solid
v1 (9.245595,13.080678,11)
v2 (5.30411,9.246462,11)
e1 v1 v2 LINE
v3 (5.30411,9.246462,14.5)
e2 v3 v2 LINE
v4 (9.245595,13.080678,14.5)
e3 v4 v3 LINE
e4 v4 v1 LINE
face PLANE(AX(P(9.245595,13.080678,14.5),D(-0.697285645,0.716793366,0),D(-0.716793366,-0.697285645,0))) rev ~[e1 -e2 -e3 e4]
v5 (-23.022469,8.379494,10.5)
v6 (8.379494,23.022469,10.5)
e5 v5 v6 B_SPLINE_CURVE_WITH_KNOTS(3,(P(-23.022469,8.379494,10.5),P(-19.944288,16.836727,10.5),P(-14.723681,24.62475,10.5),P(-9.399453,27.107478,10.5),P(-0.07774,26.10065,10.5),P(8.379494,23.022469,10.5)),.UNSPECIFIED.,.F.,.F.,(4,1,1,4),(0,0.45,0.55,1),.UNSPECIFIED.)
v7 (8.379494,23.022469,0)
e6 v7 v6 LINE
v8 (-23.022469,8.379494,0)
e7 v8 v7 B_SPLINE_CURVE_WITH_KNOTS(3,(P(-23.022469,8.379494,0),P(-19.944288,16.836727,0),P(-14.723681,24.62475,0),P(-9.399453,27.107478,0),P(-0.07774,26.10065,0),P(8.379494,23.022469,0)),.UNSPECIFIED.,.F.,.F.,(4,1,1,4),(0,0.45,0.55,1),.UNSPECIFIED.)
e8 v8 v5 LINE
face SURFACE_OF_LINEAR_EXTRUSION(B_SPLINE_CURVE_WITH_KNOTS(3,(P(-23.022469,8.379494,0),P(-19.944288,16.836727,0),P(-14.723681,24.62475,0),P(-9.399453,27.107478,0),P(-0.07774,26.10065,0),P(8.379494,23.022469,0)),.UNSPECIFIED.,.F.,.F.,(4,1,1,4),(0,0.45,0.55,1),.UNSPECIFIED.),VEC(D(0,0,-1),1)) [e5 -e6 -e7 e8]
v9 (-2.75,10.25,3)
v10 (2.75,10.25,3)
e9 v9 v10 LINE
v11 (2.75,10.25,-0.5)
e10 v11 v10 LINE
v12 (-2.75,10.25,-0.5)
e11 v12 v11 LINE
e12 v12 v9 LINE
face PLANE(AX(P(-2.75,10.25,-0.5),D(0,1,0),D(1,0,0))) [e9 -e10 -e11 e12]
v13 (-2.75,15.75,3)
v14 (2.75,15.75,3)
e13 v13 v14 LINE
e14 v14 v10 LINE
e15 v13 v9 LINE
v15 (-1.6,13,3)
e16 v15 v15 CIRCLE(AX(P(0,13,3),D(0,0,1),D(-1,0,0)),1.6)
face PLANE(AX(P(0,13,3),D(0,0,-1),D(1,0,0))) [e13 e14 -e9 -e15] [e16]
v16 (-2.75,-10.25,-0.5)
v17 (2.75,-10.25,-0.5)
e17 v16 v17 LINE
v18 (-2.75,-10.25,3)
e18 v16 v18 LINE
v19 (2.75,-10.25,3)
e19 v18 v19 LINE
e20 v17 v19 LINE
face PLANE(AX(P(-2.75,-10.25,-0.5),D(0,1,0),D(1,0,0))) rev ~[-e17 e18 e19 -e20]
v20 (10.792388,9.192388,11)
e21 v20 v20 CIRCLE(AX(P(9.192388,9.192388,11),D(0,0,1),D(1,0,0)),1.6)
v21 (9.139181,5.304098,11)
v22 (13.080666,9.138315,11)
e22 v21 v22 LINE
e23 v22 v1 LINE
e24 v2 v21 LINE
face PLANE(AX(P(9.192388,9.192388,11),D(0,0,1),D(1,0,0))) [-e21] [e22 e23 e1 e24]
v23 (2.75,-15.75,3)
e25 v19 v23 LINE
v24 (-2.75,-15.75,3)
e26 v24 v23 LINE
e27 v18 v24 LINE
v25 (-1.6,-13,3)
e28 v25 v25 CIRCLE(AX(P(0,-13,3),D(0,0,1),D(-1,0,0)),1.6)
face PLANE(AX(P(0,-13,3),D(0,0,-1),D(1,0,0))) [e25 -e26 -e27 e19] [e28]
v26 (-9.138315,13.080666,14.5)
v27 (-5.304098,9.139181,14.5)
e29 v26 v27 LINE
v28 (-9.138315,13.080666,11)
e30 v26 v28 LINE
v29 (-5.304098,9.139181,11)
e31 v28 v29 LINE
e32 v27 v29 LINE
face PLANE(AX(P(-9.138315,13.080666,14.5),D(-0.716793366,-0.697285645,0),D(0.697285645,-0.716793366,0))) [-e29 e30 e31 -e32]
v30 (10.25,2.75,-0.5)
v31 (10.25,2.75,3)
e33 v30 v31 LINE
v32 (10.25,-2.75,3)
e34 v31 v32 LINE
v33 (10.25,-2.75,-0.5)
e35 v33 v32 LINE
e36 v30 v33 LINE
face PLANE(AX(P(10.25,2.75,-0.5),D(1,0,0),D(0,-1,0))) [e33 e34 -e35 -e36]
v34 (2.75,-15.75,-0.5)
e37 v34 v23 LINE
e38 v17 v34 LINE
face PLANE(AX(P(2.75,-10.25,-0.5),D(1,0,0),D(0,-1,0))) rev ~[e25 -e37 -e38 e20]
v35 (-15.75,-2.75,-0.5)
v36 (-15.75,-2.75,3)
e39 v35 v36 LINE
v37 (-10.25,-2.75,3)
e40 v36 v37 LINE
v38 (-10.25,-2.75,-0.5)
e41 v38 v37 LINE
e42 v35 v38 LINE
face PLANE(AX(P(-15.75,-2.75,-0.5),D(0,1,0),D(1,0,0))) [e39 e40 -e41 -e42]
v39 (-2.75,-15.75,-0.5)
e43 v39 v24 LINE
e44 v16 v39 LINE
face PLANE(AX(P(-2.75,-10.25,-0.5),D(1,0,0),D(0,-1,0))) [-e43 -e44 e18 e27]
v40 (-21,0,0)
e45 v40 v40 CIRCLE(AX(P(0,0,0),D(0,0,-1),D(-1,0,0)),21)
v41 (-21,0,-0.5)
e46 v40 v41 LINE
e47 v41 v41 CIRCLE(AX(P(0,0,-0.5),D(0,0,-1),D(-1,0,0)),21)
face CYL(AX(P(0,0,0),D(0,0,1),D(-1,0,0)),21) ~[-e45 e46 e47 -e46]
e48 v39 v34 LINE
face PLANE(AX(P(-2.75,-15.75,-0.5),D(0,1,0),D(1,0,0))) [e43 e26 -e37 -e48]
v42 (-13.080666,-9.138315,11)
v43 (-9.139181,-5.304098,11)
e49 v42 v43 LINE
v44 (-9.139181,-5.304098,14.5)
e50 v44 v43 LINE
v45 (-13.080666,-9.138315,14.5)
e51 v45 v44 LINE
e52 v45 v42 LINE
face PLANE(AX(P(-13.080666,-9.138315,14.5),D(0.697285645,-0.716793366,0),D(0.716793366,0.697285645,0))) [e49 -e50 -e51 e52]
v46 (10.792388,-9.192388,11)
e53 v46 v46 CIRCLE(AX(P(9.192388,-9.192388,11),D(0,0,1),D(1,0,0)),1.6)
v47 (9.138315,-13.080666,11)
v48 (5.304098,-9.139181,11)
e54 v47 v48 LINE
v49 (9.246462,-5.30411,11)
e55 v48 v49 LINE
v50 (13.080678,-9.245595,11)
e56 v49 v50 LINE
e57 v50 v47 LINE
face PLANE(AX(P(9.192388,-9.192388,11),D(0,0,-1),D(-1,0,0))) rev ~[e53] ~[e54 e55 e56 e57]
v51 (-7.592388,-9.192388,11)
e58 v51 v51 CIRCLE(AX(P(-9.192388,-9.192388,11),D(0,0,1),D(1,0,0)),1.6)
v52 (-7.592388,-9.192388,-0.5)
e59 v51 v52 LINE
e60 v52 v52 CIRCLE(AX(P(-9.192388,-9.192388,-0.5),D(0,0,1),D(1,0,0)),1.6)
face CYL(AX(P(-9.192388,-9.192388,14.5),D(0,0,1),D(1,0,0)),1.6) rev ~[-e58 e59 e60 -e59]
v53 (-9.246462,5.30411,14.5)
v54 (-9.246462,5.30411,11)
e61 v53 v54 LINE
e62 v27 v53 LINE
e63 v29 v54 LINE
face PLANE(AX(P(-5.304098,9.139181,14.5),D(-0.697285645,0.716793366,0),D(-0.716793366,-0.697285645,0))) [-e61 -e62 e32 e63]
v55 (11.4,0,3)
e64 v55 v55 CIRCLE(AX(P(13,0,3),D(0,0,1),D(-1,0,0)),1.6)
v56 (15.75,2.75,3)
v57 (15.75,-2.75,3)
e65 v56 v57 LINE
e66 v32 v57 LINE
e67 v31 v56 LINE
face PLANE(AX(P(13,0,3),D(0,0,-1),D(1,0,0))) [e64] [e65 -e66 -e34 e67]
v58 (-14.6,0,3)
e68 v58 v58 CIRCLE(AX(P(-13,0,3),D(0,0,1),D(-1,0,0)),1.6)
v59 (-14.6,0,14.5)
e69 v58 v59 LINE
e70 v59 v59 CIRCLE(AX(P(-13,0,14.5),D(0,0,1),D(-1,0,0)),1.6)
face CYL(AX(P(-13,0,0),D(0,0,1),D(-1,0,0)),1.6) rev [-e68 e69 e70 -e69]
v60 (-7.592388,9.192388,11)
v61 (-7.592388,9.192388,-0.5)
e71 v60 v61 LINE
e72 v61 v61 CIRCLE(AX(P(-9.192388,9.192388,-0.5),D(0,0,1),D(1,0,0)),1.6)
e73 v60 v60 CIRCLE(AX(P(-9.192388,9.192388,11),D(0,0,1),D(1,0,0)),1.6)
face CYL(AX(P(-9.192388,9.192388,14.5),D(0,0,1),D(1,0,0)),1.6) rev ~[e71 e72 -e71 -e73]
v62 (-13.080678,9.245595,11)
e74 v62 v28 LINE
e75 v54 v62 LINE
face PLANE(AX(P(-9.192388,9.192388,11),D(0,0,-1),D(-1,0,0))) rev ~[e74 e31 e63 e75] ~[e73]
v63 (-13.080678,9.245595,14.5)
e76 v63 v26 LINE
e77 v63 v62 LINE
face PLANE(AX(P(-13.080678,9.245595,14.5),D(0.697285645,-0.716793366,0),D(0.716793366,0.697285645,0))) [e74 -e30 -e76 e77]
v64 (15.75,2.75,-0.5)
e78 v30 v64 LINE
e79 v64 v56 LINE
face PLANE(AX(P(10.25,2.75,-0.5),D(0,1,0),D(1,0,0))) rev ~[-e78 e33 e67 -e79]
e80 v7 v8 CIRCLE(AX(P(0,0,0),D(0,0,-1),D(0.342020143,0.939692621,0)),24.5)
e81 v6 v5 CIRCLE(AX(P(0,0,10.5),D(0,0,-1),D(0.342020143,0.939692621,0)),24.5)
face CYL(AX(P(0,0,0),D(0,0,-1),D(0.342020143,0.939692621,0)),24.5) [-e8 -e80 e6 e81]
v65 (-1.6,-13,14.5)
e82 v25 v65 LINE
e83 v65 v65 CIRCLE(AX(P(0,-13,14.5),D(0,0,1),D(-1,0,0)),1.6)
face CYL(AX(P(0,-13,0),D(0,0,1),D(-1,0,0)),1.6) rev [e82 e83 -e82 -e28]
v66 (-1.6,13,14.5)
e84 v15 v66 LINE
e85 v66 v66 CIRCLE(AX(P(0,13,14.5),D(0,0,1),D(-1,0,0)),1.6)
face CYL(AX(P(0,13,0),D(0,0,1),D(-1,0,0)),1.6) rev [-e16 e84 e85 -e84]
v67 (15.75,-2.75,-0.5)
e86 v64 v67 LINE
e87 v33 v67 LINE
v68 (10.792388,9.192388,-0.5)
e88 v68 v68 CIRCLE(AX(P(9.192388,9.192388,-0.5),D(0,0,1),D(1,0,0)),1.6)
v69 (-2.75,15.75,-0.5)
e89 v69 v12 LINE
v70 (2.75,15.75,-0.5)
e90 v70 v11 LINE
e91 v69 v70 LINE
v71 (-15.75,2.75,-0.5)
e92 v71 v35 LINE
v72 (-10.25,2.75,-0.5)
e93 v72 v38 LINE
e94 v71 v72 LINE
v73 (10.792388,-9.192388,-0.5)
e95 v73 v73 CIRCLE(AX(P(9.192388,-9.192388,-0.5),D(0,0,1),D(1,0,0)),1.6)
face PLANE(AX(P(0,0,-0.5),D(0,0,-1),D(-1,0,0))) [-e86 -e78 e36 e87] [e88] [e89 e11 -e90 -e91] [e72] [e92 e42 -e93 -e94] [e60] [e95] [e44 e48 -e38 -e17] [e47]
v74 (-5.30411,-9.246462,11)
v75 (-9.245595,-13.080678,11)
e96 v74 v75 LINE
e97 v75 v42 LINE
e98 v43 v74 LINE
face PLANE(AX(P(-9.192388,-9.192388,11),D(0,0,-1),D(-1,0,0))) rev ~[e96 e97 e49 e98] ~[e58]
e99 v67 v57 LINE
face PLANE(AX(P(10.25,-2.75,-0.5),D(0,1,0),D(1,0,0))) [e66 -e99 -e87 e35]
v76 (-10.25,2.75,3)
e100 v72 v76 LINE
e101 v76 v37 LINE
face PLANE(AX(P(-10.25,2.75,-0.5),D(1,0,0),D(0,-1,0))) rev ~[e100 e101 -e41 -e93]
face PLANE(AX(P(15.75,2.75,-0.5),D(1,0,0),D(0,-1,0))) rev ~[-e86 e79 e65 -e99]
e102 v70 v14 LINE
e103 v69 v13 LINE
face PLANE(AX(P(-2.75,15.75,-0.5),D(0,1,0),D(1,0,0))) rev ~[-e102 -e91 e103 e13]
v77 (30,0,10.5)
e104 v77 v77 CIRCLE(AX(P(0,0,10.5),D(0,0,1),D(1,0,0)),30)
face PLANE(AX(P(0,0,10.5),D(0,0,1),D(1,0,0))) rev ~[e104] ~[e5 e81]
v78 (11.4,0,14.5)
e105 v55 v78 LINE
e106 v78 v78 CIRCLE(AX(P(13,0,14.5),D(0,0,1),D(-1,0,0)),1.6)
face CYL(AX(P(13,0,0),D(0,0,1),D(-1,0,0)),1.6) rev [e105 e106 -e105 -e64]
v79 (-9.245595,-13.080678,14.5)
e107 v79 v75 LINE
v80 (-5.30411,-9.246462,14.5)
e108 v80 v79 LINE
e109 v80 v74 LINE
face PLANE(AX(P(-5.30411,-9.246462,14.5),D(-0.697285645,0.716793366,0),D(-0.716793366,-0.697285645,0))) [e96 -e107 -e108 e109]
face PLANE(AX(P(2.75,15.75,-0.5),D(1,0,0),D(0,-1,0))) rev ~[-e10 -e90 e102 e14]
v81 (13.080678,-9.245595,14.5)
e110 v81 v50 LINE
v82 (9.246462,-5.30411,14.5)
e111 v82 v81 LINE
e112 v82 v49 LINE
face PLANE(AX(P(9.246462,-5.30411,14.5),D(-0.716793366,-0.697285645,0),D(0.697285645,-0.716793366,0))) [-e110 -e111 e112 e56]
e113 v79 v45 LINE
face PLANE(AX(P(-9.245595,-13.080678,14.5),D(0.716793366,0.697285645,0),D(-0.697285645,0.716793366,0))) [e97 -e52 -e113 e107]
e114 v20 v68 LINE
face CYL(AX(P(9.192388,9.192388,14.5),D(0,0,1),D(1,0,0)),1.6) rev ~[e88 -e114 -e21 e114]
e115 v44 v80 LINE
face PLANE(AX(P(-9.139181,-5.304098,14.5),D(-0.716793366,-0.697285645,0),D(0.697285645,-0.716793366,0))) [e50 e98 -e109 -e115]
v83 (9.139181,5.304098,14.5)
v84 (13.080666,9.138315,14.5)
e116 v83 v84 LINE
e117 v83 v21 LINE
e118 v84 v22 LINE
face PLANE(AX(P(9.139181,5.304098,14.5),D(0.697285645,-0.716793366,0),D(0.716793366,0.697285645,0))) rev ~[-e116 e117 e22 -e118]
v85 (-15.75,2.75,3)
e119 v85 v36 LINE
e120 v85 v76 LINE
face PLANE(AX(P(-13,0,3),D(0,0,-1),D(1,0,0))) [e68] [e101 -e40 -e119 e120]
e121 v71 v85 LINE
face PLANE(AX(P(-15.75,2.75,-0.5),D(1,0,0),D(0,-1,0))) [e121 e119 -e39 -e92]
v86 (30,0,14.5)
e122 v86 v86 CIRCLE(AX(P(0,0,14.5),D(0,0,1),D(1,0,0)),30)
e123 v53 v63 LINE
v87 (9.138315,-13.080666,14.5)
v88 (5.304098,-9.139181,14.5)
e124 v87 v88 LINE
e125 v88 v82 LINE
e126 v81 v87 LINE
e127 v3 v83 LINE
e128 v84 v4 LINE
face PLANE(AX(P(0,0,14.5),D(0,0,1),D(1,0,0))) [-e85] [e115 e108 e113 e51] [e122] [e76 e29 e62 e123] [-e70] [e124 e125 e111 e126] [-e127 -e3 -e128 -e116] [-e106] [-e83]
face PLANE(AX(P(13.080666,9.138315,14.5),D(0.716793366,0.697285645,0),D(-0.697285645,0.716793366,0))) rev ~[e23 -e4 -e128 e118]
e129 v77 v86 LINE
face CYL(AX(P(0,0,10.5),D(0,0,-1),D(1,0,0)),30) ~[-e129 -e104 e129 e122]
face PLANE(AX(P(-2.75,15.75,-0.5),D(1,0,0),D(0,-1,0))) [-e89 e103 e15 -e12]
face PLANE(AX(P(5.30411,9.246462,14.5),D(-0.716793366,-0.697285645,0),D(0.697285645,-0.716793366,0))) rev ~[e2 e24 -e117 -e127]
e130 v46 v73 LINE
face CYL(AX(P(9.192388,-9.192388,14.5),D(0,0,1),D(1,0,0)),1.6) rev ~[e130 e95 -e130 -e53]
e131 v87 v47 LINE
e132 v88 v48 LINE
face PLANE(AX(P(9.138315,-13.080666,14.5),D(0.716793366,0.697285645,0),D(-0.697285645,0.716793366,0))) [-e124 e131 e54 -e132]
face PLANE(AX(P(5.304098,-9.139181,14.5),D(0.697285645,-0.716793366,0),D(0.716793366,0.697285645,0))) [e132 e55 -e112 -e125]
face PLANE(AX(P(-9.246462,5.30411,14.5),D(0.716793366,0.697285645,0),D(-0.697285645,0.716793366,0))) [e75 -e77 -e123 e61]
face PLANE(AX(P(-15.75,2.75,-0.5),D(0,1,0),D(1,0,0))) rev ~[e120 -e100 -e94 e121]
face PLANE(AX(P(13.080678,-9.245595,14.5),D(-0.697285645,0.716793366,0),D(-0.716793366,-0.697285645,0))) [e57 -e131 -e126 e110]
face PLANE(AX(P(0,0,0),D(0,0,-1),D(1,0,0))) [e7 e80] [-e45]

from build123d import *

# Parameters (mm, degrees)
SKETCH1_R           = 21
SKETCH1_R_2         = 2.85
SKETCH1_R_3         = 1.6
BOSS_EXTRUDE1_DEPTH = 10.5
SKETCH2_R           = 24.5
SKETCH2_R_2         = 21
BOSS_EXTRUDE3_DEPTH = 10.5
SKETCH4_R           = 30
SKETCH4_R_2         = 1.6
BOSS_EXTRUDE5_DEPTH = 4
SKETCH3_R           = 21
SKETCH3_R_2         = 1.6
BOSS_EXTRUDE4_DEPTH = 0.5
SKETCH6_W           = 5.5
SKETCH6_H           = 5.5
CUT_EXTRUDE2_DEPTH  = 3.5
SKETCH7_R           = 1.6
CUT_EXTRUDE3_DEPTH  = 46.000000133
SKETCH7_3_R         = 1.6
CUT_EXTRUDE4_DEPTH  = 3.5


with BuildPart() as part:
    # Sketch1 → Boss-Extrude1 (new body)
    with BuildSketch(Plane(origin=(0, 0, 0), x_dir=(0, 1, 0), z_dir=(0, 0, 1))):
        with Locations(Location((0, 0, 0), (0, 0, 90))):
            Circle(SKETCH1_R)
        with Locations((-13, 0)):
            Circle(SKETCH1_R_2, mode=Mode.SUBTRACT)
        with Locations((0, -13)):
            Circle(SKETCH1_R_2, mode=Mode.SUBTRACT)
        with Locations((13, 0)):
            Circle(SKETCH1_R_2, mode=Mode.SUBTRACT)
        with Locations((0, 13)):
            Circle(SKETCH1_R_2, mode=Mode.SUBTRACT)
        with Locations((-13, 0)):
            Circle(SKETCH1_R_2)
        with Locations(Location((-13, 0, 0), (0, 0, 90))):
            Circle(SKETCH1_R_3, mode=Mode.SUBTRACT)
        with Locations((0, 13)):
            Circle(SKETCH1_R_2)
        with Locations(Location((0, 13, 0), (0, 0, 90))):
            Circle(SKETCH1_R_3, mode=Mode.SUBTRACT)
        with Locations((13, 0)):
            Circle(SKETCH1_R_2)
        with Locations(Location((13, 0, 0), (0, 0, 90))):
            Circle(SKETCH1_R_3, mode=Mode.SUBTRACT)
        with Locations((0, -13)):
            Circle(SKETCH1_R_2)
        with Locations(Location((0, -13, 0), (0, 0, 90))):
            Circle(SKETCH1_R_3, mode=Mode.SUBTRACT)
    extrude(amount=BOSS_EXTRUDE1_DEPTH)

    # Sketch2 → Boss-Extrude3 (add)
    with BuildSketch(Plane(origin=(0, 0, 0), x_dir=(1, 0, 0), z_dir=(0, 0, -1))):
        Circle(SKETCH2_R)
        Circle(SKETCH2_R_2, mode=Mode.SUBTRACT)
        with BuildLine():
            ThreePointArc((8.379493511, -23.022469209), (-10.354147413, -22.204540782), (-23.022469209, -8.379493511))
            add(Edge.make_bspline(
                [(-23.022469209, -8.379493511), (-19.944287919, -16.836727099), (-14.723681196, -24.624750138), (-9.399453165, -27.107478442), (-0.077740076, -26.100650499), (8.379493511, -23.022469209)],
                knots=[0, 0, 0, 0, 0.45, 0.55, 1, 1, 1, 1], degree=3))
        make_face()
    extrude(amount=-BOSS_EXTRUDE3_DEPTH)

    # Sketch4 → Boss-Extrude5 (add)
    with BuildSketch(Plane.XY.offset(10.5)):
        Circle(SKETCH4_R)
        with Locations(Location((-13, 0, 0), (0, 0, 180))):
            Circle(SKETCH4_R_2, mode=Mode.SUBTRACT)
        with Locations(Location((0, 13, 0), (0, 0, 180))):
            Circle(SKETCH4_R_2, mode=Mode.SUBTRACT)
        with Locations(Location((13, 0, 0), (0, 0, 180))):
            Circle(SKETCH4_R_2, mode=Mode.SUBTRACT)
        with Locations(Location((0, -13, 0), (0, 0, 180))):
            Circle(SKETCH4_R_2, mode=Mode.SUBTRACT)
    extrude(amount=BOSS_EXTRUDE5_DEPTH)

    # Sketch3 → Boss-Extrude4 (add)
    with BuildSketch(Plane(origin=(0, 0, 0), x_dir=(1, 0, 0), z_dir=(0, 0, -1))):
        with Locations(Location((0, 0, 0), (0, 0, 180))):
            Circle(SKETCH3_R)
        with Locations(Location((-13, 0, 0), (0, 0, 180))):
            Circle(SKETCH3_R_2, mode=Mode.SUBTRACT)
        with Locations(Location((0, 13, 0), (0, 0, 180))):
            Circle(SKETCH3_R_2, mode=Mode.SUBTRACT)
        with Locations(Location((13, 0, 0), (0, 0, 180))):
            Circle(SKETCH3_R_2, mode=Mode.SUBTRACT)
        with Locations(Location((0, -13, 0), (0, 0, 180))):
            Circle(SKETCH3_R_2, mode=Mode.SUBTRACT)
    extrude(amount=BOSS_EXTRUDE4_DEPTH)

    # Sketch6 → Cut-Extrude2 (cut)
    with BuildSketch(Plane(origin=(0, 0, -0.5), x_dir=(1, 0, 0), z_dir=(0, 0, -1))):
        with Locations((13, 0)):
            Rectangle(SKETCH6_W, SKETCH6_H)
        with Locations((0, 13)):
            Rectangle(SKETCH6_W, SKETCH6_H)
        with Locations((0, -13)):
            Rectangle(SKETCH6_W, SKETCH6_H)
        with Locations((-13, 0)):
            Rectangle(SKETCH6_W, SKETCH6_H)
    extrude(amount=-CUT_EXTRUDE2_DEPTH, mode=Mode.SUBTRACT)

    # Sketch7 → Cut-Extrude3 (cut, through all)
    with BuildSketch(Plane.XY.offset(14.5)):
        with Locations((9.192388155, 9.192388155)):
            Circle(SKETCH7_R)
        with Locations((9.192388155, -9.192388155)):
            Circle(SKETCH7_R)
        with Locations((-9.192388155, -9.192388155)):
            Circle(SKETCH7_R)
        with Locations((-9.192388155, 9.192388155)):
            Circle(SKETCH7_R)
    extrude(amount=-CUT_EXTRUDE3_DEPTH, mode=Mode.SUBTRACT)

    # Sketch7<3> → Cut-Extrude4 (cut)
    with BuildSketch(Plane.XY.offset(14.5)):
        Polygon((9.245595054, 13.080678059), (5.304110209, 9.246461763), (9.139181257, 5.304098252), (13.080666102, 9.138314547), align=None)
        with Locations((9.192388155, 9.192388155)):
            Circle(SKETCH7_3_R, mode=Mode.SUBTRACT)
        Polygon((9.138314547, -13.080666102), (5.304098252, -9.139181257), (9.246461763, -5.304110209), (13.080678059, -9.245595054), align=None)
        with Locations((9.192388155, -9.192388155)):
            Circle(SKETCH7_3_R, mode=Mode.SUBTRACT)
        Polygon((-13.080666102, -9.138314547), (-9.139181257, -5.304098252), (-5.304110209, -9.246461763), (-9.245595054, -13.080678059), align=None)
        with Locations((-9.192388155, -9.192388155)):
            Circle(SKETCH7_3_R, mode=Mode.SUBTRACT)
        Polygon((-9.138314547, 13.080666102), (-5.304098252, 9.139181257), (-9.246461763, 5.304110209), (-13.080678059, 9.245595054), align=None)
        with Locations((-9.192388155, 9.192388155)):
            Circle(SKETCH7_3_R, mode=Mode.SUBTRACT)
    extrude(amount=-CUT_EXTRUDE4_DEPTH, mode=Mode.SUBTRACT)


solid = part.part
